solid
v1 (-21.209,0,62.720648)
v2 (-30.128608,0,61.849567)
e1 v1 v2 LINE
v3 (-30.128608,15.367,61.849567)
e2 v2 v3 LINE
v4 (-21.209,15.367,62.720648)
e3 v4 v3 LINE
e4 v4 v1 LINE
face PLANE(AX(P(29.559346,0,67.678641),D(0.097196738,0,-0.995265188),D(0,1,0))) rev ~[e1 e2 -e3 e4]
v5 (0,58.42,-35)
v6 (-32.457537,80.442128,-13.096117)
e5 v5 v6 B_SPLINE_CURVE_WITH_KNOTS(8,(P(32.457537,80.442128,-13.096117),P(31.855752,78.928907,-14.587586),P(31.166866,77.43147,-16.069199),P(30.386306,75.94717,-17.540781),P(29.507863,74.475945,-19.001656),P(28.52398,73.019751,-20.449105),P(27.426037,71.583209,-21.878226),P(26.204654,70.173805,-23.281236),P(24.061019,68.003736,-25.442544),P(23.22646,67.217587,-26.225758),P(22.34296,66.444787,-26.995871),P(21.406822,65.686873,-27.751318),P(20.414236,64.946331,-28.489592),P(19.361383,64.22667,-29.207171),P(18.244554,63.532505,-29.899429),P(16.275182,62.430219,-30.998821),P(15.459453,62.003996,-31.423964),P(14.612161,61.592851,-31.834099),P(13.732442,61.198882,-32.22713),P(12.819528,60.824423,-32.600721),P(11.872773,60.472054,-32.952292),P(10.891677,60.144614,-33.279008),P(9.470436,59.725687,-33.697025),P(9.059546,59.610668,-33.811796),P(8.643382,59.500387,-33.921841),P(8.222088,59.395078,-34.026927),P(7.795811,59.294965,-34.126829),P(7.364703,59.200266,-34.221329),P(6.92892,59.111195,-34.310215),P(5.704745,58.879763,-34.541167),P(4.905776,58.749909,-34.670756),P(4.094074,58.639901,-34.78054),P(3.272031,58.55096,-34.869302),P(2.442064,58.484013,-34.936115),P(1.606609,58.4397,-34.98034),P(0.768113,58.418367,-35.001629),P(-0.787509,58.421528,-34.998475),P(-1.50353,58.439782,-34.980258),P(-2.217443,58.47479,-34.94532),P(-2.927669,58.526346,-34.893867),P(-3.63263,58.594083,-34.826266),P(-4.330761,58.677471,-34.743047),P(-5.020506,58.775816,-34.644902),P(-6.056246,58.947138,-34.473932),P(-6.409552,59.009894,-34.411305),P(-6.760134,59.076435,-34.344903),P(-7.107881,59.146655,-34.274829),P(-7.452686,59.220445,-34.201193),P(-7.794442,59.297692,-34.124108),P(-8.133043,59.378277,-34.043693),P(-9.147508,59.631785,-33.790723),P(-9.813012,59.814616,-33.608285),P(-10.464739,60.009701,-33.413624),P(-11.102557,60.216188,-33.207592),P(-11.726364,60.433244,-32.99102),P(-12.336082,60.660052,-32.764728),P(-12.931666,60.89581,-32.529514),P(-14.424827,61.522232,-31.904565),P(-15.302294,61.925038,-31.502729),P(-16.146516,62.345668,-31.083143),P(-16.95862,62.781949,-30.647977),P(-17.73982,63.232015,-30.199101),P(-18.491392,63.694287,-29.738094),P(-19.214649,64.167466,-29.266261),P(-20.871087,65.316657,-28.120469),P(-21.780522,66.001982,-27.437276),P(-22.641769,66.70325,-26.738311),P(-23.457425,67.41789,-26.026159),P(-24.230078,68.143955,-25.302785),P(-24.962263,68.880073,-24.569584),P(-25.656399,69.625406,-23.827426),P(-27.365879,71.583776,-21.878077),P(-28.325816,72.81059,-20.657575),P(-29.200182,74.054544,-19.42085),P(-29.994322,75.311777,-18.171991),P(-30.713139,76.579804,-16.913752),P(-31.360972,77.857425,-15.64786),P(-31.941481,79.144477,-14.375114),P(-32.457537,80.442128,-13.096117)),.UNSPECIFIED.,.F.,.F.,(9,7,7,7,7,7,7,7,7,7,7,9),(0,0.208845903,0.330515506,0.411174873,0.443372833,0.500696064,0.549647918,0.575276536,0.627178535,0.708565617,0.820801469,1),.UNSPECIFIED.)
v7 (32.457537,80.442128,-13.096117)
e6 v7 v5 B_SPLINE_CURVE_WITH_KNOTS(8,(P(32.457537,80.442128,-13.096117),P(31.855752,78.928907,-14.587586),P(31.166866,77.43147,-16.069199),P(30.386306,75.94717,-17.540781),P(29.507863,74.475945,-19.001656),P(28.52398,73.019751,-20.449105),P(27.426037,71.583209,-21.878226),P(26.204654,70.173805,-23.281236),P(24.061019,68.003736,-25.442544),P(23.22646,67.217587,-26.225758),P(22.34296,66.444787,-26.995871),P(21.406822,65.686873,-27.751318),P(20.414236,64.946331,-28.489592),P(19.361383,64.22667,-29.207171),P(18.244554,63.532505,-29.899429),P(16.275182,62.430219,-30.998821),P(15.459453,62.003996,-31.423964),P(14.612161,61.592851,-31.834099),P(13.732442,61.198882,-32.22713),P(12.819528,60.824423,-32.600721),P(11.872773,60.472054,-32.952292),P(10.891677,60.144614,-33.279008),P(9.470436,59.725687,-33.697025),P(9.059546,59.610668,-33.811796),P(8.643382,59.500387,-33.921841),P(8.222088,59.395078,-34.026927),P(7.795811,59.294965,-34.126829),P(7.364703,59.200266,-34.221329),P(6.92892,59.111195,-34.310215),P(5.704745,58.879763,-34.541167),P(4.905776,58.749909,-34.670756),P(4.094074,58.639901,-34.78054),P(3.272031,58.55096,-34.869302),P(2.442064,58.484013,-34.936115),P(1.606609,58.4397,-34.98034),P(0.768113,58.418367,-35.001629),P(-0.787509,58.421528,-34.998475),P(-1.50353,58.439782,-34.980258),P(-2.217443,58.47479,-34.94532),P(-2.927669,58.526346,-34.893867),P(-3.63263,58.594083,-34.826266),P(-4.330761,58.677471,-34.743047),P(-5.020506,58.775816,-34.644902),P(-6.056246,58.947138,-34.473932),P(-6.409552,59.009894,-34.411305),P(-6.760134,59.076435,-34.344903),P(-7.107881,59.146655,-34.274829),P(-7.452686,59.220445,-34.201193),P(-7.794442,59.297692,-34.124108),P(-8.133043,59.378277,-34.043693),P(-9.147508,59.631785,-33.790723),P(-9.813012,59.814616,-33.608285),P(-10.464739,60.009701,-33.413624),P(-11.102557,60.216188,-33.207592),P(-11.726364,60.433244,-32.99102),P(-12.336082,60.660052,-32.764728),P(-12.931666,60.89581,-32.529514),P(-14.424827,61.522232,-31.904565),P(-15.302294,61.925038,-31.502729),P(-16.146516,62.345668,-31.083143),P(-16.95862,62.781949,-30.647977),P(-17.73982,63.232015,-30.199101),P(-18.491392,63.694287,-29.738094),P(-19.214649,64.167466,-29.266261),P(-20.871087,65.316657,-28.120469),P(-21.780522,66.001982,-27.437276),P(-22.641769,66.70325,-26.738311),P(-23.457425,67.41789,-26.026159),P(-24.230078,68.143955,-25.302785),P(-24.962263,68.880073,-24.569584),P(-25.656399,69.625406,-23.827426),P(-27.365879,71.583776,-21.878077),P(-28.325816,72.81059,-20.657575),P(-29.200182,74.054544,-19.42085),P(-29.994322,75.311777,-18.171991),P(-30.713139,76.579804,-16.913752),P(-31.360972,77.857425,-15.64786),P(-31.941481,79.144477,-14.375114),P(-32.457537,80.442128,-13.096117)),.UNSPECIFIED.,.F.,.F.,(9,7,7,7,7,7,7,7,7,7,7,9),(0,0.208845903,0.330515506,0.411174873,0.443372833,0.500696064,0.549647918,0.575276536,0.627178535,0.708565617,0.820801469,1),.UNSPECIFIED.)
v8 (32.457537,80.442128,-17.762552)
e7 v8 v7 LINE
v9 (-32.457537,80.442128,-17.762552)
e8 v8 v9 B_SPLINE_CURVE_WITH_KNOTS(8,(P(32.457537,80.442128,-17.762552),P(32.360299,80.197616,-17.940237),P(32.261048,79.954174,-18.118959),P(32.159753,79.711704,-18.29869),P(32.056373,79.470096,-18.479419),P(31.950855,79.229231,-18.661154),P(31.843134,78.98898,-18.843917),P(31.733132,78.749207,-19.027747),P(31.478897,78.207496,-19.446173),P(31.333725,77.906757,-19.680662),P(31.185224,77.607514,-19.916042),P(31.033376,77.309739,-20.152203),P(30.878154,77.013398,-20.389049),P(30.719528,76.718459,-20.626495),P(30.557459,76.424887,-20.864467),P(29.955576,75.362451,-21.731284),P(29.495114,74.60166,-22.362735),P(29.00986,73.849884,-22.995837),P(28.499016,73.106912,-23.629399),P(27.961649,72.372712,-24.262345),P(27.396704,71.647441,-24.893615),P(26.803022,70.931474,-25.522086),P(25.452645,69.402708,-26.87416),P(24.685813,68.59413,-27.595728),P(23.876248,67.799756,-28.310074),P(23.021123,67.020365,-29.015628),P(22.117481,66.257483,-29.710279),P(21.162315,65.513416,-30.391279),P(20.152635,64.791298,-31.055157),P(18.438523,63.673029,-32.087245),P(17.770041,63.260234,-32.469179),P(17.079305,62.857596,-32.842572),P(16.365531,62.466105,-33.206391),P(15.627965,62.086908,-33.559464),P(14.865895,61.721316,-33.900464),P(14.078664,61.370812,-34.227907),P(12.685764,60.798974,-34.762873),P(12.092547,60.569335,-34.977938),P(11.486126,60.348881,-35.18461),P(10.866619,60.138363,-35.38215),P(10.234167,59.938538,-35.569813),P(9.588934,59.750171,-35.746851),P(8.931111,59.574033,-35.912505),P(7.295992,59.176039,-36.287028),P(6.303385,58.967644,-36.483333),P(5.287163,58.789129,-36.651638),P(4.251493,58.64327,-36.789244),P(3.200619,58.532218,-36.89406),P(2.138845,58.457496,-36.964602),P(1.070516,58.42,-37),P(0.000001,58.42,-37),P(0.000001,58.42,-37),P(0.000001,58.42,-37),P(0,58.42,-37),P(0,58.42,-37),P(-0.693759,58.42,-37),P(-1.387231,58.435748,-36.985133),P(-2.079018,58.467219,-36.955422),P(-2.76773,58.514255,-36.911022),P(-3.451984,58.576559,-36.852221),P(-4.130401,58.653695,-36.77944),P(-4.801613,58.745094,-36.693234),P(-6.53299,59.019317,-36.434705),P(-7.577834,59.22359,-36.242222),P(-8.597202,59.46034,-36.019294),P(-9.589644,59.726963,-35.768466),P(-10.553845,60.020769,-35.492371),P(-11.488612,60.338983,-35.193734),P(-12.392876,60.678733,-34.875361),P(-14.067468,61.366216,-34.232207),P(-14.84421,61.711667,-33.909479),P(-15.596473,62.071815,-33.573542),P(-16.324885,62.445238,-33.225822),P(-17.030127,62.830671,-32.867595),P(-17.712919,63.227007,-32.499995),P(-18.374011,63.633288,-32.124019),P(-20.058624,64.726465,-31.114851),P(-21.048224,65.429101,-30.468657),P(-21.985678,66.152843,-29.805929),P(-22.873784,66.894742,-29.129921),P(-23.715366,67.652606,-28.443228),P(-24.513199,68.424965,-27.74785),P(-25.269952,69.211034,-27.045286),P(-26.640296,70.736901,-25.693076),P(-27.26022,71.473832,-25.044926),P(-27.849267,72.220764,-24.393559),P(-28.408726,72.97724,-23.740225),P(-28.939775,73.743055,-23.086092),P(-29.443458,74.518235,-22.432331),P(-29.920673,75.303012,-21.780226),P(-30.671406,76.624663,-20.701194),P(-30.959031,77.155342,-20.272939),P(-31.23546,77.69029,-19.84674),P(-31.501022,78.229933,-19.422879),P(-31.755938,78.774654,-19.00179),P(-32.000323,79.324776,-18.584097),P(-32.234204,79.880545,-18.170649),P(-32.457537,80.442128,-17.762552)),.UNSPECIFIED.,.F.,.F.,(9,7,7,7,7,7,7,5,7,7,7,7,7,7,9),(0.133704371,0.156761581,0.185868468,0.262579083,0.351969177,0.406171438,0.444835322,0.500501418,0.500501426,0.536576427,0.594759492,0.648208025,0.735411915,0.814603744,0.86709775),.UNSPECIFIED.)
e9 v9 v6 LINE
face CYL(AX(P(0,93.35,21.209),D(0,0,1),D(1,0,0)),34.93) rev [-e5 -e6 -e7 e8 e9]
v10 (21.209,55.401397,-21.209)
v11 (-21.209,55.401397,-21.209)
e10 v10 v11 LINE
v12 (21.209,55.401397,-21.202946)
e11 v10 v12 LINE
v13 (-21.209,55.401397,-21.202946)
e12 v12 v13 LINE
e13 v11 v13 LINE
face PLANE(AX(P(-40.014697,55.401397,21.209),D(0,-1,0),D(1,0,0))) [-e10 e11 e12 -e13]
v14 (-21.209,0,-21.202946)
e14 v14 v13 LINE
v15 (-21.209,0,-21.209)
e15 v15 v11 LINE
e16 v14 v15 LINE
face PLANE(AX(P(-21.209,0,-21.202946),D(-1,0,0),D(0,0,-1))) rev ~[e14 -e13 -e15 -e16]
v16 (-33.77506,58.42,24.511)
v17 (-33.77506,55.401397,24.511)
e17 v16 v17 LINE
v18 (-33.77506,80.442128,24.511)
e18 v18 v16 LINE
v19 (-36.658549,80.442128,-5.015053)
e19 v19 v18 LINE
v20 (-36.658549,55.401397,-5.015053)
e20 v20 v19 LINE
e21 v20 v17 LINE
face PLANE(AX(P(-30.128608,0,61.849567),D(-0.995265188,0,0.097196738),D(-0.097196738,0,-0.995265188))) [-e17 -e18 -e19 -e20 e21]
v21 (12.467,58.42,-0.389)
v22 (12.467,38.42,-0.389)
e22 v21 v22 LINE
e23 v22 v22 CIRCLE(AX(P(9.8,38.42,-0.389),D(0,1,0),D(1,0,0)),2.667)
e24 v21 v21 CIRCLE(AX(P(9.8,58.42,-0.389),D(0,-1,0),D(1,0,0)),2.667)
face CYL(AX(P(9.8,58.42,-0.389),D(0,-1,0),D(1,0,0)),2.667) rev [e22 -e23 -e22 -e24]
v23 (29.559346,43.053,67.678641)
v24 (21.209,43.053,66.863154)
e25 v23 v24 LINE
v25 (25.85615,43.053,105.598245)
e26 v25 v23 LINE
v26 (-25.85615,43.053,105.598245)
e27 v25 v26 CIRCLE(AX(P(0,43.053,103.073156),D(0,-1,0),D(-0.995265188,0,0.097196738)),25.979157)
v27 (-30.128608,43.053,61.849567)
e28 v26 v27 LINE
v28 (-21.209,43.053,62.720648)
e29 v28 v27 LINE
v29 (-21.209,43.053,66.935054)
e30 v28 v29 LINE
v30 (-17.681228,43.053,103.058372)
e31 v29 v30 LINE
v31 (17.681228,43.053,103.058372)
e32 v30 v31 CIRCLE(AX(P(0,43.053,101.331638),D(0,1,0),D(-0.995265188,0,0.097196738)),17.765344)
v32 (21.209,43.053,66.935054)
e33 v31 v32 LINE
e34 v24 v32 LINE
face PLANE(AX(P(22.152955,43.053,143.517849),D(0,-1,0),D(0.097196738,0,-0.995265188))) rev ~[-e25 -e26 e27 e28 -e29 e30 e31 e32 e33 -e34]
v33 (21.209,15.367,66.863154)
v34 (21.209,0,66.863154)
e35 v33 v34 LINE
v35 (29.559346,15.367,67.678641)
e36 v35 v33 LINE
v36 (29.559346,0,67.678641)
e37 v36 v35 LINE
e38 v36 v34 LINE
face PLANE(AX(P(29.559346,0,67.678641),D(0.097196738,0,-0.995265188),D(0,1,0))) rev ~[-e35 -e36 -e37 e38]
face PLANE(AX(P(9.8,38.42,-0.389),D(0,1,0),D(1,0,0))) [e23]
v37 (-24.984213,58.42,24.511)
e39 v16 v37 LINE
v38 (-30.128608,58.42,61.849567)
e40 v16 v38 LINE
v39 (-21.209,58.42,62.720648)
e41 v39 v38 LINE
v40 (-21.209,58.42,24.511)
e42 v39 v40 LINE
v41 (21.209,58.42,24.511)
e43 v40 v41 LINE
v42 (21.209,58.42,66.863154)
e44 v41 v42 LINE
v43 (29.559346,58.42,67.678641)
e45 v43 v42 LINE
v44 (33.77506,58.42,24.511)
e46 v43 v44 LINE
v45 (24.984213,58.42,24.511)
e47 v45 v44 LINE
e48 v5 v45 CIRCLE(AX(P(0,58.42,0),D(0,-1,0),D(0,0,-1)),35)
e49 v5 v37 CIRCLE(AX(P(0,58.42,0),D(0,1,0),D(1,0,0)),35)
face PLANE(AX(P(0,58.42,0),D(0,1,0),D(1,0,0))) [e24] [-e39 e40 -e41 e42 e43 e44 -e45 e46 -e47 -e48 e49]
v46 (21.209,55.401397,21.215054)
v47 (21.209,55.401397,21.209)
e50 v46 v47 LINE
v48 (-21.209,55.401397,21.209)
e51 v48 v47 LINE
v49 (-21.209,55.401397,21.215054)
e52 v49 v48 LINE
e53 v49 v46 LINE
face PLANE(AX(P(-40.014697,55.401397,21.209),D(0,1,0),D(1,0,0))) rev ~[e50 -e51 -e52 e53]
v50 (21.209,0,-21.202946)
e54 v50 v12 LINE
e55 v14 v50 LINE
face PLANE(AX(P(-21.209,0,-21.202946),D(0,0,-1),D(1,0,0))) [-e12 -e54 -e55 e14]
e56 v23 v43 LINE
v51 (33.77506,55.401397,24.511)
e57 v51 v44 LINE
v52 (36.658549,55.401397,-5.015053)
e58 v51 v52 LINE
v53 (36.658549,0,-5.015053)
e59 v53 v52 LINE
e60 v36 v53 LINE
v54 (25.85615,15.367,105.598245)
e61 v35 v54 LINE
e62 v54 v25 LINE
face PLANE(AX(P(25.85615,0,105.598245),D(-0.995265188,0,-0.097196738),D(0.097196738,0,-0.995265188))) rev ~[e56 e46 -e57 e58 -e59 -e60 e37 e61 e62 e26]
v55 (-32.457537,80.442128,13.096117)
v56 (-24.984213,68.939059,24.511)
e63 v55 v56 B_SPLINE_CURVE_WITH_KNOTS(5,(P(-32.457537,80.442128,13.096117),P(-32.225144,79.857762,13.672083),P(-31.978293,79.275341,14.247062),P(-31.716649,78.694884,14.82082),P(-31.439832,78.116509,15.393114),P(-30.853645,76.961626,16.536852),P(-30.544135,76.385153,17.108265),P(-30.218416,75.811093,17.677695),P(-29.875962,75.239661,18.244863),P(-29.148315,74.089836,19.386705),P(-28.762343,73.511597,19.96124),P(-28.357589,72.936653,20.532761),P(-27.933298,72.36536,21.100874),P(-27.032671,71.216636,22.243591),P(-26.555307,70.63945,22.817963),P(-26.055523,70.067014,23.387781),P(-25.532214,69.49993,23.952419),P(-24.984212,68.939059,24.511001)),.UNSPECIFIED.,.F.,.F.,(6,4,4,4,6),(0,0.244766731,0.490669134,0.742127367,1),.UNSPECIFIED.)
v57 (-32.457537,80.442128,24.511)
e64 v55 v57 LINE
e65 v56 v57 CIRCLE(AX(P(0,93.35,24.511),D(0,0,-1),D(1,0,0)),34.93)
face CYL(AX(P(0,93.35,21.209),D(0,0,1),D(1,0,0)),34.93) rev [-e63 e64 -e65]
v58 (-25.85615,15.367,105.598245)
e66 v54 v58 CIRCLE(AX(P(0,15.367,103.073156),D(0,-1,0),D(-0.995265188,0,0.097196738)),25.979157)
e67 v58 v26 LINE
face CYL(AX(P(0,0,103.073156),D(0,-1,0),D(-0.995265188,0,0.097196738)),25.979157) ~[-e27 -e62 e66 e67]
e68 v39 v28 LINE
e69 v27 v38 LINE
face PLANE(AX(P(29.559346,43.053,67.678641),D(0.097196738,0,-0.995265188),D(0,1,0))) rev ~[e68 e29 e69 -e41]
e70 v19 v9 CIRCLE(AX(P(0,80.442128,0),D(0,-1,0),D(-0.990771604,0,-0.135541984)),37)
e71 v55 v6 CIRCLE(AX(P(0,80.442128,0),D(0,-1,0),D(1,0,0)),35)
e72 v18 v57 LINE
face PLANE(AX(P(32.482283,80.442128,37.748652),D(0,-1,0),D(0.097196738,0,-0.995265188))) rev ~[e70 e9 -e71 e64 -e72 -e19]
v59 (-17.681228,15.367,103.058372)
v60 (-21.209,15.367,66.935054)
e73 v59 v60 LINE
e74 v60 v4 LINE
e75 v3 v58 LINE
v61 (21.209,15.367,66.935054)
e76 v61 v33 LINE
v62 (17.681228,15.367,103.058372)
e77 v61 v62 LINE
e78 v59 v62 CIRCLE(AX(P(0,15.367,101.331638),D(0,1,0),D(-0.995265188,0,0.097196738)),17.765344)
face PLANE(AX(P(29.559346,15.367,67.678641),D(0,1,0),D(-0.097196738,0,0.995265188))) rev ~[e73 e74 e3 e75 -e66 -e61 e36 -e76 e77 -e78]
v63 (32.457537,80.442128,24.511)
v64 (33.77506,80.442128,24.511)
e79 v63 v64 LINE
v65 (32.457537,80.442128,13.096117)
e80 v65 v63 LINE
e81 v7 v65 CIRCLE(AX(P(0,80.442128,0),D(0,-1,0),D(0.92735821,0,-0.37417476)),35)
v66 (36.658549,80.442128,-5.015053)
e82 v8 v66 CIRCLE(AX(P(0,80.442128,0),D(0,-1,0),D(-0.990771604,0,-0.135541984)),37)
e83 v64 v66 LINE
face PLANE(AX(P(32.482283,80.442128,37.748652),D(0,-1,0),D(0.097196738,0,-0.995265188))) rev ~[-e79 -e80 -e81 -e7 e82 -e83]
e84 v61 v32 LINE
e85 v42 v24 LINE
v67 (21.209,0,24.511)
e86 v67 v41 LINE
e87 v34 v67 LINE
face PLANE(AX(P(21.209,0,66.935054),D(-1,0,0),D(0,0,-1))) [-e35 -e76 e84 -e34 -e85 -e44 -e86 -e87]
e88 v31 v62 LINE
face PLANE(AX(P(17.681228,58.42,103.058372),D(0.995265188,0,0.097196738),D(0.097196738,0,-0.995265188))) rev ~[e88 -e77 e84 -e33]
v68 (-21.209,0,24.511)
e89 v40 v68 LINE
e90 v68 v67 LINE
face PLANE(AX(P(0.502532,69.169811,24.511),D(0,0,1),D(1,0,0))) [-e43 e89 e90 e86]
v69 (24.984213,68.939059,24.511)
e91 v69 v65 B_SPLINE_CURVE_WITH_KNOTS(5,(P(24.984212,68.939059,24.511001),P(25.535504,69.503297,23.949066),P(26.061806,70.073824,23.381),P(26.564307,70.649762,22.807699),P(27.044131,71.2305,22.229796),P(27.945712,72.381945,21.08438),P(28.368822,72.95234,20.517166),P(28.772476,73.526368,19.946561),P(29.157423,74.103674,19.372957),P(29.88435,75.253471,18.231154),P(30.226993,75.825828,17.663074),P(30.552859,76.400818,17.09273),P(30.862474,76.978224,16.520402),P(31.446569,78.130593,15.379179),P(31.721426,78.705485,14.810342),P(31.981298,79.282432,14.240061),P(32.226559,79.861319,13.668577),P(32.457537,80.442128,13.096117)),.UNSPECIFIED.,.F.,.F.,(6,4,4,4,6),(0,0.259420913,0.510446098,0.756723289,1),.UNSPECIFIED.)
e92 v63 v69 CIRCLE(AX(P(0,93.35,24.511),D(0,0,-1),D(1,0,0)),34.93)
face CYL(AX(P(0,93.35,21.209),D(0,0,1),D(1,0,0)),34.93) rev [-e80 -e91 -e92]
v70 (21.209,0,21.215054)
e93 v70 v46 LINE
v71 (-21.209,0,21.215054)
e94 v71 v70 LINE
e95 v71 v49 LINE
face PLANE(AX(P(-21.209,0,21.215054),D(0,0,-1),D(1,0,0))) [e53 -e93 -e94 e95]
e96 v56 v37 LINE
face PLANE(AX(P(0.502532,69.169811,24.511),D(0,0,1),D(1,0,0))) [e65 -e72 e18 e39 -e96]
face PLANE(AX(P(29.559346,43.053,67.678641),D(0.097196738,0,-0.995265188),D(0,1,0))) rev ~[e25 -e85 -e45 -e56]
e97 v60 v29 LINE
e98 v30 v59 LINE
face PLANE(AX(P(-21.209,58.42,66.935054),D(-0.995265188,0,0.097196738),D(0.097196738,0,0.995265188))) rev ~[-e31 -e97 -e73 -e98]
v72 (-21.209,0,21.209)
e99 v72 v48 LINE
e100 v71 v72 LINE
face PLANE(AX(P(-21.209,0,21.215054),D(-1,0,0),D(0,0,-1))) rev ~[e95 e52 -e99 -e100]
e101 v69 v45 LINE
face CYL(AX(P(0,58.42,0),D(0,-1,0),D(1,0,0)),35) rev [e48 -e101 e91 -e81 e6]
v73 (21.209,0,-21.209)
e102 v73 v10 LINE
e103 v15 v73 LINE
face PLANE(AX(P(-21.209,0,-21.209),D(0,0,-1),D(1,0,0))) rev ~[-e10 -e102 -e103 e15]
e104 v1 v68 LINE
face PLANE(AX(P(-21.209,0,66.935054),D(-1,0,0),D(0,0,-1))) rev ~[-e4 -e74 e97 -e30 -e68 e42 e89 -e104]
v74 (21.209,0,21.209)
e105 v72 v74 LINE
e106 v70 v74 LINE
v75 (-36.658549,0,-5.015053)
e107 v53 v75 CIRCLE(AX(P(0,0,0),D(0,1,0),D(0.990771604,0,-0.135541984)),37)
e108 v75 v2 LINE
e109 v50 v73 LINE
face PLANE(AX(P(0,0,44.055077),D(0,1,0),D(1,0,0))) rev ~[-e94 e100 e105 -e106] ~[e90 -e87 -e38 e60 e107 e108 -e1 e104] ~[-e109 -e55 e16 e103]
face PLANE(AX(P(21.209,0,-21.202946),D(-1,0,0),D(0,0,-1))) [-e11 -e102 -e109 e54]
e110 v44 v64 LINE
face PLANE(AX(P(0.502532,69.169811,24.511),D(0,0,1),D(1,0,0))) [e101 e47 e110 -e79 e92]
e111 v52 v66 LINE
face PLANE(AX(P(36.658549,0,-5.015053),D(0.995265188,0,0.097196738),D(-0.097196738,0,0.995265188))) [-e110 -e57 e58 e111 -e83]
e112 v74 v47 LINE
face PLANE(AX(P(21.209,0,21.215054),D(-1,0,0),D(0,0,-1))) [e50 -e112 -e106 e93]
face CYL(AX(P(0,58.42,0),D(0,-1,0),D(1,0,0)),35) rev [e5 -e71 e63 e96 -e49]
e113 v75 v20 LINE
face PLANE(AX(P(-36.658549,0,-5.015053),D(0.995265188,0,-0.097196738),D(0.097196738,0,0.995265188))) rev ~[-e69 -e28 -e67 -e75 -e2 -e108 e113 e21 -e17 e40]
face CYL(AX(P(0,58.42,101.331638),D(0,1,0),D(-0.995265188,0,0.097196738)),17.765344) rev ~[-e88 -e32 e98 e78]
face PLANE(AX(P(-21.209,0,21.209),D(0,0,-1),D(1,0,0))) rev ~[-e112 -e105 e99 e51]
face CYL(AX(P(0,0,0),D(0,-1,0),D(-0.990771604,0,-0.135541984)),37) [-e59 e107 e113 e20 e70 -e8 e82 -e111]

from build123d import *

# Parameters (mm, degrees)
SKETCH1_W                = 42.418
SKETCH1_H                = 0.006053875
SKETCH1_H_2              = 42.424053875
BOSS_EXTRUDE1_DEPTH      = 58.42
CUT_EXTRUDE3_DEPTH       = 68.58
SKETCH3_W                = 38.1
SKETCH3_H                = 15.367
SKETCH3_W_2              = 76.2
CUT_EXTRUDE4_DEPTH       = 77.078788463
BOSS_EXTRUDE6_DEPTH      = 3.302
BOSS_EXTRUDE6_DEPTH_BACK = 60
CUT_EXTRUDE9_DEPTH       = 106
SKETCH4_R                = 2.667
CUT_EXTRUDE6_DEPTH       = 106
CUT_EXTRUDE6_DEPTH_BACK  = 20
CUT_EXTRUDE13_DEPTH      = 106
SKETCH11_R               = 35
CUT_EXTRUDE15_DEPTH      = 106


with BuildPart() as part:
    # Sketch1 → Boss-Extrude1 (new body)
    with BuildSketch(Plane(origin=(0, 0, 0), x_dir=(1, 0, 0), z_dir=(0, 1, 0))):
        with BuildLine():
            ThreePointArc((36.658549334, 5.015053409), (0, 37), (-36.658549334, 5.015053409))
            Line((-36.658549334, 5.015053409), (-25.85615018, -105.598244919))
            ThreePointArc((-25.85615018, -105.598244919), (0, -129.052312238), (25.85615018, -105.598244919))
            Line((25.85615018, -105.598244919), (36.658549334, 5.015053409))
        make_face()
        with Locations((0, 21.205973063)):
            Rectangle(SKETCH1_W, SKETCH1_H, mode=Mode.SUBTRACT)
        with Locations((0, -21.212026937)):
            Rectangle(SKETCH1_W, SKETCH1_H, mode=Mode.SUBTRACT)
        with Locations((0, -45.723026938)):
            Rectangle(SKETCH1_W, SKETCH1_H_2, mode=Mode.SUBTRACT)
    extrude(amount=BOSS_EXTRUDE1_DEPTH)

    # Sketch2 → Cut-Extrude3 (cut)
    with BuildSketch(Plane(origin=(0, 58.42, 0), x_dir=(1, 0, 0), z_dir=(0, 1, 0))):
        with BuildLine():
            Line((-21.209, -66.935053875), (-17.681227978, -103.058371806))
            ThreePointArc((-17.681227978, -103.058371806), (0, -119.096981901), (17.681227978, -103.058371806))
            Line((17.681227978, -103.058371806), (21.209, -66.935053875))
            Line((21.209, -66.935053875), (-21.209, -66.935053875))
        make_face()
    extrude(amount=-CUT_EXTRUDE3_DEPTH, mode=Mode.SUBTRACT)

    # Sketch3 → Cut-Extrude4 (cut, through all)
    with BuildSketch(Plane(origin=(35.827089604, 0, 3.498842619), x_dir=(0.097196738, 0, -0.995265188), z_dir=(0.995265188, 0, 0.097196738))):
        with Locations((-121.635123595, 7.6835)):
            Rectangle(SKETCH3_W, SKETCH3_H)
        with Locations((-83.535123595, 7.6835)):
            Rectangle(SKETCH3_W, SKETCH3_H)
        with Locations((-102.585123595, 50.7365)):
            Rectangle(SKETCH3_W_2, SKETCH3_H)
    extrude(amount=-CUT_EXTRUDE4_DEPTH, mode=Mode.SUBTRACT)

    # Sketch7 → Boss-Extrude6 (add, two sides)
    with BuildSketch(Plane.XY.offset(21.209)) as boss_extrude6_sk:
        with BuildLine():
            Line((-34.93, 93.35), (-40.014696591, 94.207479888))
            Line((-40.014696591, 94.207479888), (-40.014696591, 55.40139672))
            Line((-40.014696591, 55.40139672), (41.480417685, 55.40139672))
            Line((41.480417685, 55.40139672), (41.480417685, 93.35))
            Line((41.480417685, 93.35), (34.93, 93.35))
            ThreePointArc((34.93, 93.35), (0, 58.42), (-34.93, 93.35))
        make_face()
    extrude(amount=BOSS_EXTRUDE6_DEPTH)
    extrude(boss_extrude6_sk.sketch, amount=-BOSS_EXTRUDE6_DEPTH_BACK)

    # Sketch9 → Cut-Extrude9 (cut)
    with BuildSketch(Plane.XZ):
        with BuildLine():
            Line((36.658549334, -5.015053409), (29.559345914, 67.678641264))
            Line((29.559345914, 67.678641264), (73.660631966, -15.324129582))
            Line((73.660631966, -15.324129582), (14.272065625, -84.211573711))
            Line((14.272065625, -84.211573711), (-60.028569558, -39.869360469))
            Line((-60.028569558, -39.869360469), (-30.128608249, 61.849567226))
            Line((-30.128608249, 61.849567226), (-36.658549334, -5.015053409))
            ThreePointArc((-36.658549334, -5.015053409), (0, -37), (36.658549334, -5.015053409))
        make_face()
    extrude(amount=-CUT_EXTRUDE9_DEPTH, mode=Mode.SUBTRACT)

    # Sketch4 → Cut-Extrude6 (cut, two sides)
    with BuildSketch(Plane(origin=(0, 58.42, 0), x_dir=(1, 0, 0), z_dir=(0, 1, 0))) as cut_extrude6_sk:
        with Locations((9.8, 0.389)):
            Circle(SKETCH4_R)
    extrude(amount=CUT_EXTRUDE6_DEPTH, mode=Mode.SUBTRACT)
    extrude(cut_extrude6_sk.sketch, amount=-CUT_EXTRUDE6_DEPTH_BACK, mode=Mode.SUBTRACT)

    # Sketch10 → Cut-Extrude13 (cut)
    with BuildSketch(Plane(origin=(35.827089604, 0, 3.498842619), x_dir=(0.097196738, 0, -0.995265188), z_dir=(0.995265188, 0, 0.097196738))):
        Polygon((-21.112119301, 84.442127612), (-21.112119301, 80.442127612), (1.82615742, 80.442127612), (48.352358454, 80.442127612), (47.215493026, 104.044705577), (-21.112119301, 100.753569315), align=None)
        Polygon((-34.412747442, 80.442127612), (-21.112119301, 80.442127612), (-21.112119301, 84.442127612), (-21.112119301, 100.753569315), (-34.412747442, 100.753569315), align=None)
    extrude(amount=-CUT_EXTRUDE13_DEPTH, mode=Mode.SUBTRACT)

    # Sketch11 → Cut-Extrude15 (cut)
    with BuildSketch(Plane(origin=(0, 58.42, 0), x_dir=(1, 0, 0), z_dir=(0, 1, 0))):
        Circle(SKETCH11_R)
    extrude(amount=CUT_EXTRUDE15_DEPTH, mode=Mode.SUBTRACT)


solid = part.part
